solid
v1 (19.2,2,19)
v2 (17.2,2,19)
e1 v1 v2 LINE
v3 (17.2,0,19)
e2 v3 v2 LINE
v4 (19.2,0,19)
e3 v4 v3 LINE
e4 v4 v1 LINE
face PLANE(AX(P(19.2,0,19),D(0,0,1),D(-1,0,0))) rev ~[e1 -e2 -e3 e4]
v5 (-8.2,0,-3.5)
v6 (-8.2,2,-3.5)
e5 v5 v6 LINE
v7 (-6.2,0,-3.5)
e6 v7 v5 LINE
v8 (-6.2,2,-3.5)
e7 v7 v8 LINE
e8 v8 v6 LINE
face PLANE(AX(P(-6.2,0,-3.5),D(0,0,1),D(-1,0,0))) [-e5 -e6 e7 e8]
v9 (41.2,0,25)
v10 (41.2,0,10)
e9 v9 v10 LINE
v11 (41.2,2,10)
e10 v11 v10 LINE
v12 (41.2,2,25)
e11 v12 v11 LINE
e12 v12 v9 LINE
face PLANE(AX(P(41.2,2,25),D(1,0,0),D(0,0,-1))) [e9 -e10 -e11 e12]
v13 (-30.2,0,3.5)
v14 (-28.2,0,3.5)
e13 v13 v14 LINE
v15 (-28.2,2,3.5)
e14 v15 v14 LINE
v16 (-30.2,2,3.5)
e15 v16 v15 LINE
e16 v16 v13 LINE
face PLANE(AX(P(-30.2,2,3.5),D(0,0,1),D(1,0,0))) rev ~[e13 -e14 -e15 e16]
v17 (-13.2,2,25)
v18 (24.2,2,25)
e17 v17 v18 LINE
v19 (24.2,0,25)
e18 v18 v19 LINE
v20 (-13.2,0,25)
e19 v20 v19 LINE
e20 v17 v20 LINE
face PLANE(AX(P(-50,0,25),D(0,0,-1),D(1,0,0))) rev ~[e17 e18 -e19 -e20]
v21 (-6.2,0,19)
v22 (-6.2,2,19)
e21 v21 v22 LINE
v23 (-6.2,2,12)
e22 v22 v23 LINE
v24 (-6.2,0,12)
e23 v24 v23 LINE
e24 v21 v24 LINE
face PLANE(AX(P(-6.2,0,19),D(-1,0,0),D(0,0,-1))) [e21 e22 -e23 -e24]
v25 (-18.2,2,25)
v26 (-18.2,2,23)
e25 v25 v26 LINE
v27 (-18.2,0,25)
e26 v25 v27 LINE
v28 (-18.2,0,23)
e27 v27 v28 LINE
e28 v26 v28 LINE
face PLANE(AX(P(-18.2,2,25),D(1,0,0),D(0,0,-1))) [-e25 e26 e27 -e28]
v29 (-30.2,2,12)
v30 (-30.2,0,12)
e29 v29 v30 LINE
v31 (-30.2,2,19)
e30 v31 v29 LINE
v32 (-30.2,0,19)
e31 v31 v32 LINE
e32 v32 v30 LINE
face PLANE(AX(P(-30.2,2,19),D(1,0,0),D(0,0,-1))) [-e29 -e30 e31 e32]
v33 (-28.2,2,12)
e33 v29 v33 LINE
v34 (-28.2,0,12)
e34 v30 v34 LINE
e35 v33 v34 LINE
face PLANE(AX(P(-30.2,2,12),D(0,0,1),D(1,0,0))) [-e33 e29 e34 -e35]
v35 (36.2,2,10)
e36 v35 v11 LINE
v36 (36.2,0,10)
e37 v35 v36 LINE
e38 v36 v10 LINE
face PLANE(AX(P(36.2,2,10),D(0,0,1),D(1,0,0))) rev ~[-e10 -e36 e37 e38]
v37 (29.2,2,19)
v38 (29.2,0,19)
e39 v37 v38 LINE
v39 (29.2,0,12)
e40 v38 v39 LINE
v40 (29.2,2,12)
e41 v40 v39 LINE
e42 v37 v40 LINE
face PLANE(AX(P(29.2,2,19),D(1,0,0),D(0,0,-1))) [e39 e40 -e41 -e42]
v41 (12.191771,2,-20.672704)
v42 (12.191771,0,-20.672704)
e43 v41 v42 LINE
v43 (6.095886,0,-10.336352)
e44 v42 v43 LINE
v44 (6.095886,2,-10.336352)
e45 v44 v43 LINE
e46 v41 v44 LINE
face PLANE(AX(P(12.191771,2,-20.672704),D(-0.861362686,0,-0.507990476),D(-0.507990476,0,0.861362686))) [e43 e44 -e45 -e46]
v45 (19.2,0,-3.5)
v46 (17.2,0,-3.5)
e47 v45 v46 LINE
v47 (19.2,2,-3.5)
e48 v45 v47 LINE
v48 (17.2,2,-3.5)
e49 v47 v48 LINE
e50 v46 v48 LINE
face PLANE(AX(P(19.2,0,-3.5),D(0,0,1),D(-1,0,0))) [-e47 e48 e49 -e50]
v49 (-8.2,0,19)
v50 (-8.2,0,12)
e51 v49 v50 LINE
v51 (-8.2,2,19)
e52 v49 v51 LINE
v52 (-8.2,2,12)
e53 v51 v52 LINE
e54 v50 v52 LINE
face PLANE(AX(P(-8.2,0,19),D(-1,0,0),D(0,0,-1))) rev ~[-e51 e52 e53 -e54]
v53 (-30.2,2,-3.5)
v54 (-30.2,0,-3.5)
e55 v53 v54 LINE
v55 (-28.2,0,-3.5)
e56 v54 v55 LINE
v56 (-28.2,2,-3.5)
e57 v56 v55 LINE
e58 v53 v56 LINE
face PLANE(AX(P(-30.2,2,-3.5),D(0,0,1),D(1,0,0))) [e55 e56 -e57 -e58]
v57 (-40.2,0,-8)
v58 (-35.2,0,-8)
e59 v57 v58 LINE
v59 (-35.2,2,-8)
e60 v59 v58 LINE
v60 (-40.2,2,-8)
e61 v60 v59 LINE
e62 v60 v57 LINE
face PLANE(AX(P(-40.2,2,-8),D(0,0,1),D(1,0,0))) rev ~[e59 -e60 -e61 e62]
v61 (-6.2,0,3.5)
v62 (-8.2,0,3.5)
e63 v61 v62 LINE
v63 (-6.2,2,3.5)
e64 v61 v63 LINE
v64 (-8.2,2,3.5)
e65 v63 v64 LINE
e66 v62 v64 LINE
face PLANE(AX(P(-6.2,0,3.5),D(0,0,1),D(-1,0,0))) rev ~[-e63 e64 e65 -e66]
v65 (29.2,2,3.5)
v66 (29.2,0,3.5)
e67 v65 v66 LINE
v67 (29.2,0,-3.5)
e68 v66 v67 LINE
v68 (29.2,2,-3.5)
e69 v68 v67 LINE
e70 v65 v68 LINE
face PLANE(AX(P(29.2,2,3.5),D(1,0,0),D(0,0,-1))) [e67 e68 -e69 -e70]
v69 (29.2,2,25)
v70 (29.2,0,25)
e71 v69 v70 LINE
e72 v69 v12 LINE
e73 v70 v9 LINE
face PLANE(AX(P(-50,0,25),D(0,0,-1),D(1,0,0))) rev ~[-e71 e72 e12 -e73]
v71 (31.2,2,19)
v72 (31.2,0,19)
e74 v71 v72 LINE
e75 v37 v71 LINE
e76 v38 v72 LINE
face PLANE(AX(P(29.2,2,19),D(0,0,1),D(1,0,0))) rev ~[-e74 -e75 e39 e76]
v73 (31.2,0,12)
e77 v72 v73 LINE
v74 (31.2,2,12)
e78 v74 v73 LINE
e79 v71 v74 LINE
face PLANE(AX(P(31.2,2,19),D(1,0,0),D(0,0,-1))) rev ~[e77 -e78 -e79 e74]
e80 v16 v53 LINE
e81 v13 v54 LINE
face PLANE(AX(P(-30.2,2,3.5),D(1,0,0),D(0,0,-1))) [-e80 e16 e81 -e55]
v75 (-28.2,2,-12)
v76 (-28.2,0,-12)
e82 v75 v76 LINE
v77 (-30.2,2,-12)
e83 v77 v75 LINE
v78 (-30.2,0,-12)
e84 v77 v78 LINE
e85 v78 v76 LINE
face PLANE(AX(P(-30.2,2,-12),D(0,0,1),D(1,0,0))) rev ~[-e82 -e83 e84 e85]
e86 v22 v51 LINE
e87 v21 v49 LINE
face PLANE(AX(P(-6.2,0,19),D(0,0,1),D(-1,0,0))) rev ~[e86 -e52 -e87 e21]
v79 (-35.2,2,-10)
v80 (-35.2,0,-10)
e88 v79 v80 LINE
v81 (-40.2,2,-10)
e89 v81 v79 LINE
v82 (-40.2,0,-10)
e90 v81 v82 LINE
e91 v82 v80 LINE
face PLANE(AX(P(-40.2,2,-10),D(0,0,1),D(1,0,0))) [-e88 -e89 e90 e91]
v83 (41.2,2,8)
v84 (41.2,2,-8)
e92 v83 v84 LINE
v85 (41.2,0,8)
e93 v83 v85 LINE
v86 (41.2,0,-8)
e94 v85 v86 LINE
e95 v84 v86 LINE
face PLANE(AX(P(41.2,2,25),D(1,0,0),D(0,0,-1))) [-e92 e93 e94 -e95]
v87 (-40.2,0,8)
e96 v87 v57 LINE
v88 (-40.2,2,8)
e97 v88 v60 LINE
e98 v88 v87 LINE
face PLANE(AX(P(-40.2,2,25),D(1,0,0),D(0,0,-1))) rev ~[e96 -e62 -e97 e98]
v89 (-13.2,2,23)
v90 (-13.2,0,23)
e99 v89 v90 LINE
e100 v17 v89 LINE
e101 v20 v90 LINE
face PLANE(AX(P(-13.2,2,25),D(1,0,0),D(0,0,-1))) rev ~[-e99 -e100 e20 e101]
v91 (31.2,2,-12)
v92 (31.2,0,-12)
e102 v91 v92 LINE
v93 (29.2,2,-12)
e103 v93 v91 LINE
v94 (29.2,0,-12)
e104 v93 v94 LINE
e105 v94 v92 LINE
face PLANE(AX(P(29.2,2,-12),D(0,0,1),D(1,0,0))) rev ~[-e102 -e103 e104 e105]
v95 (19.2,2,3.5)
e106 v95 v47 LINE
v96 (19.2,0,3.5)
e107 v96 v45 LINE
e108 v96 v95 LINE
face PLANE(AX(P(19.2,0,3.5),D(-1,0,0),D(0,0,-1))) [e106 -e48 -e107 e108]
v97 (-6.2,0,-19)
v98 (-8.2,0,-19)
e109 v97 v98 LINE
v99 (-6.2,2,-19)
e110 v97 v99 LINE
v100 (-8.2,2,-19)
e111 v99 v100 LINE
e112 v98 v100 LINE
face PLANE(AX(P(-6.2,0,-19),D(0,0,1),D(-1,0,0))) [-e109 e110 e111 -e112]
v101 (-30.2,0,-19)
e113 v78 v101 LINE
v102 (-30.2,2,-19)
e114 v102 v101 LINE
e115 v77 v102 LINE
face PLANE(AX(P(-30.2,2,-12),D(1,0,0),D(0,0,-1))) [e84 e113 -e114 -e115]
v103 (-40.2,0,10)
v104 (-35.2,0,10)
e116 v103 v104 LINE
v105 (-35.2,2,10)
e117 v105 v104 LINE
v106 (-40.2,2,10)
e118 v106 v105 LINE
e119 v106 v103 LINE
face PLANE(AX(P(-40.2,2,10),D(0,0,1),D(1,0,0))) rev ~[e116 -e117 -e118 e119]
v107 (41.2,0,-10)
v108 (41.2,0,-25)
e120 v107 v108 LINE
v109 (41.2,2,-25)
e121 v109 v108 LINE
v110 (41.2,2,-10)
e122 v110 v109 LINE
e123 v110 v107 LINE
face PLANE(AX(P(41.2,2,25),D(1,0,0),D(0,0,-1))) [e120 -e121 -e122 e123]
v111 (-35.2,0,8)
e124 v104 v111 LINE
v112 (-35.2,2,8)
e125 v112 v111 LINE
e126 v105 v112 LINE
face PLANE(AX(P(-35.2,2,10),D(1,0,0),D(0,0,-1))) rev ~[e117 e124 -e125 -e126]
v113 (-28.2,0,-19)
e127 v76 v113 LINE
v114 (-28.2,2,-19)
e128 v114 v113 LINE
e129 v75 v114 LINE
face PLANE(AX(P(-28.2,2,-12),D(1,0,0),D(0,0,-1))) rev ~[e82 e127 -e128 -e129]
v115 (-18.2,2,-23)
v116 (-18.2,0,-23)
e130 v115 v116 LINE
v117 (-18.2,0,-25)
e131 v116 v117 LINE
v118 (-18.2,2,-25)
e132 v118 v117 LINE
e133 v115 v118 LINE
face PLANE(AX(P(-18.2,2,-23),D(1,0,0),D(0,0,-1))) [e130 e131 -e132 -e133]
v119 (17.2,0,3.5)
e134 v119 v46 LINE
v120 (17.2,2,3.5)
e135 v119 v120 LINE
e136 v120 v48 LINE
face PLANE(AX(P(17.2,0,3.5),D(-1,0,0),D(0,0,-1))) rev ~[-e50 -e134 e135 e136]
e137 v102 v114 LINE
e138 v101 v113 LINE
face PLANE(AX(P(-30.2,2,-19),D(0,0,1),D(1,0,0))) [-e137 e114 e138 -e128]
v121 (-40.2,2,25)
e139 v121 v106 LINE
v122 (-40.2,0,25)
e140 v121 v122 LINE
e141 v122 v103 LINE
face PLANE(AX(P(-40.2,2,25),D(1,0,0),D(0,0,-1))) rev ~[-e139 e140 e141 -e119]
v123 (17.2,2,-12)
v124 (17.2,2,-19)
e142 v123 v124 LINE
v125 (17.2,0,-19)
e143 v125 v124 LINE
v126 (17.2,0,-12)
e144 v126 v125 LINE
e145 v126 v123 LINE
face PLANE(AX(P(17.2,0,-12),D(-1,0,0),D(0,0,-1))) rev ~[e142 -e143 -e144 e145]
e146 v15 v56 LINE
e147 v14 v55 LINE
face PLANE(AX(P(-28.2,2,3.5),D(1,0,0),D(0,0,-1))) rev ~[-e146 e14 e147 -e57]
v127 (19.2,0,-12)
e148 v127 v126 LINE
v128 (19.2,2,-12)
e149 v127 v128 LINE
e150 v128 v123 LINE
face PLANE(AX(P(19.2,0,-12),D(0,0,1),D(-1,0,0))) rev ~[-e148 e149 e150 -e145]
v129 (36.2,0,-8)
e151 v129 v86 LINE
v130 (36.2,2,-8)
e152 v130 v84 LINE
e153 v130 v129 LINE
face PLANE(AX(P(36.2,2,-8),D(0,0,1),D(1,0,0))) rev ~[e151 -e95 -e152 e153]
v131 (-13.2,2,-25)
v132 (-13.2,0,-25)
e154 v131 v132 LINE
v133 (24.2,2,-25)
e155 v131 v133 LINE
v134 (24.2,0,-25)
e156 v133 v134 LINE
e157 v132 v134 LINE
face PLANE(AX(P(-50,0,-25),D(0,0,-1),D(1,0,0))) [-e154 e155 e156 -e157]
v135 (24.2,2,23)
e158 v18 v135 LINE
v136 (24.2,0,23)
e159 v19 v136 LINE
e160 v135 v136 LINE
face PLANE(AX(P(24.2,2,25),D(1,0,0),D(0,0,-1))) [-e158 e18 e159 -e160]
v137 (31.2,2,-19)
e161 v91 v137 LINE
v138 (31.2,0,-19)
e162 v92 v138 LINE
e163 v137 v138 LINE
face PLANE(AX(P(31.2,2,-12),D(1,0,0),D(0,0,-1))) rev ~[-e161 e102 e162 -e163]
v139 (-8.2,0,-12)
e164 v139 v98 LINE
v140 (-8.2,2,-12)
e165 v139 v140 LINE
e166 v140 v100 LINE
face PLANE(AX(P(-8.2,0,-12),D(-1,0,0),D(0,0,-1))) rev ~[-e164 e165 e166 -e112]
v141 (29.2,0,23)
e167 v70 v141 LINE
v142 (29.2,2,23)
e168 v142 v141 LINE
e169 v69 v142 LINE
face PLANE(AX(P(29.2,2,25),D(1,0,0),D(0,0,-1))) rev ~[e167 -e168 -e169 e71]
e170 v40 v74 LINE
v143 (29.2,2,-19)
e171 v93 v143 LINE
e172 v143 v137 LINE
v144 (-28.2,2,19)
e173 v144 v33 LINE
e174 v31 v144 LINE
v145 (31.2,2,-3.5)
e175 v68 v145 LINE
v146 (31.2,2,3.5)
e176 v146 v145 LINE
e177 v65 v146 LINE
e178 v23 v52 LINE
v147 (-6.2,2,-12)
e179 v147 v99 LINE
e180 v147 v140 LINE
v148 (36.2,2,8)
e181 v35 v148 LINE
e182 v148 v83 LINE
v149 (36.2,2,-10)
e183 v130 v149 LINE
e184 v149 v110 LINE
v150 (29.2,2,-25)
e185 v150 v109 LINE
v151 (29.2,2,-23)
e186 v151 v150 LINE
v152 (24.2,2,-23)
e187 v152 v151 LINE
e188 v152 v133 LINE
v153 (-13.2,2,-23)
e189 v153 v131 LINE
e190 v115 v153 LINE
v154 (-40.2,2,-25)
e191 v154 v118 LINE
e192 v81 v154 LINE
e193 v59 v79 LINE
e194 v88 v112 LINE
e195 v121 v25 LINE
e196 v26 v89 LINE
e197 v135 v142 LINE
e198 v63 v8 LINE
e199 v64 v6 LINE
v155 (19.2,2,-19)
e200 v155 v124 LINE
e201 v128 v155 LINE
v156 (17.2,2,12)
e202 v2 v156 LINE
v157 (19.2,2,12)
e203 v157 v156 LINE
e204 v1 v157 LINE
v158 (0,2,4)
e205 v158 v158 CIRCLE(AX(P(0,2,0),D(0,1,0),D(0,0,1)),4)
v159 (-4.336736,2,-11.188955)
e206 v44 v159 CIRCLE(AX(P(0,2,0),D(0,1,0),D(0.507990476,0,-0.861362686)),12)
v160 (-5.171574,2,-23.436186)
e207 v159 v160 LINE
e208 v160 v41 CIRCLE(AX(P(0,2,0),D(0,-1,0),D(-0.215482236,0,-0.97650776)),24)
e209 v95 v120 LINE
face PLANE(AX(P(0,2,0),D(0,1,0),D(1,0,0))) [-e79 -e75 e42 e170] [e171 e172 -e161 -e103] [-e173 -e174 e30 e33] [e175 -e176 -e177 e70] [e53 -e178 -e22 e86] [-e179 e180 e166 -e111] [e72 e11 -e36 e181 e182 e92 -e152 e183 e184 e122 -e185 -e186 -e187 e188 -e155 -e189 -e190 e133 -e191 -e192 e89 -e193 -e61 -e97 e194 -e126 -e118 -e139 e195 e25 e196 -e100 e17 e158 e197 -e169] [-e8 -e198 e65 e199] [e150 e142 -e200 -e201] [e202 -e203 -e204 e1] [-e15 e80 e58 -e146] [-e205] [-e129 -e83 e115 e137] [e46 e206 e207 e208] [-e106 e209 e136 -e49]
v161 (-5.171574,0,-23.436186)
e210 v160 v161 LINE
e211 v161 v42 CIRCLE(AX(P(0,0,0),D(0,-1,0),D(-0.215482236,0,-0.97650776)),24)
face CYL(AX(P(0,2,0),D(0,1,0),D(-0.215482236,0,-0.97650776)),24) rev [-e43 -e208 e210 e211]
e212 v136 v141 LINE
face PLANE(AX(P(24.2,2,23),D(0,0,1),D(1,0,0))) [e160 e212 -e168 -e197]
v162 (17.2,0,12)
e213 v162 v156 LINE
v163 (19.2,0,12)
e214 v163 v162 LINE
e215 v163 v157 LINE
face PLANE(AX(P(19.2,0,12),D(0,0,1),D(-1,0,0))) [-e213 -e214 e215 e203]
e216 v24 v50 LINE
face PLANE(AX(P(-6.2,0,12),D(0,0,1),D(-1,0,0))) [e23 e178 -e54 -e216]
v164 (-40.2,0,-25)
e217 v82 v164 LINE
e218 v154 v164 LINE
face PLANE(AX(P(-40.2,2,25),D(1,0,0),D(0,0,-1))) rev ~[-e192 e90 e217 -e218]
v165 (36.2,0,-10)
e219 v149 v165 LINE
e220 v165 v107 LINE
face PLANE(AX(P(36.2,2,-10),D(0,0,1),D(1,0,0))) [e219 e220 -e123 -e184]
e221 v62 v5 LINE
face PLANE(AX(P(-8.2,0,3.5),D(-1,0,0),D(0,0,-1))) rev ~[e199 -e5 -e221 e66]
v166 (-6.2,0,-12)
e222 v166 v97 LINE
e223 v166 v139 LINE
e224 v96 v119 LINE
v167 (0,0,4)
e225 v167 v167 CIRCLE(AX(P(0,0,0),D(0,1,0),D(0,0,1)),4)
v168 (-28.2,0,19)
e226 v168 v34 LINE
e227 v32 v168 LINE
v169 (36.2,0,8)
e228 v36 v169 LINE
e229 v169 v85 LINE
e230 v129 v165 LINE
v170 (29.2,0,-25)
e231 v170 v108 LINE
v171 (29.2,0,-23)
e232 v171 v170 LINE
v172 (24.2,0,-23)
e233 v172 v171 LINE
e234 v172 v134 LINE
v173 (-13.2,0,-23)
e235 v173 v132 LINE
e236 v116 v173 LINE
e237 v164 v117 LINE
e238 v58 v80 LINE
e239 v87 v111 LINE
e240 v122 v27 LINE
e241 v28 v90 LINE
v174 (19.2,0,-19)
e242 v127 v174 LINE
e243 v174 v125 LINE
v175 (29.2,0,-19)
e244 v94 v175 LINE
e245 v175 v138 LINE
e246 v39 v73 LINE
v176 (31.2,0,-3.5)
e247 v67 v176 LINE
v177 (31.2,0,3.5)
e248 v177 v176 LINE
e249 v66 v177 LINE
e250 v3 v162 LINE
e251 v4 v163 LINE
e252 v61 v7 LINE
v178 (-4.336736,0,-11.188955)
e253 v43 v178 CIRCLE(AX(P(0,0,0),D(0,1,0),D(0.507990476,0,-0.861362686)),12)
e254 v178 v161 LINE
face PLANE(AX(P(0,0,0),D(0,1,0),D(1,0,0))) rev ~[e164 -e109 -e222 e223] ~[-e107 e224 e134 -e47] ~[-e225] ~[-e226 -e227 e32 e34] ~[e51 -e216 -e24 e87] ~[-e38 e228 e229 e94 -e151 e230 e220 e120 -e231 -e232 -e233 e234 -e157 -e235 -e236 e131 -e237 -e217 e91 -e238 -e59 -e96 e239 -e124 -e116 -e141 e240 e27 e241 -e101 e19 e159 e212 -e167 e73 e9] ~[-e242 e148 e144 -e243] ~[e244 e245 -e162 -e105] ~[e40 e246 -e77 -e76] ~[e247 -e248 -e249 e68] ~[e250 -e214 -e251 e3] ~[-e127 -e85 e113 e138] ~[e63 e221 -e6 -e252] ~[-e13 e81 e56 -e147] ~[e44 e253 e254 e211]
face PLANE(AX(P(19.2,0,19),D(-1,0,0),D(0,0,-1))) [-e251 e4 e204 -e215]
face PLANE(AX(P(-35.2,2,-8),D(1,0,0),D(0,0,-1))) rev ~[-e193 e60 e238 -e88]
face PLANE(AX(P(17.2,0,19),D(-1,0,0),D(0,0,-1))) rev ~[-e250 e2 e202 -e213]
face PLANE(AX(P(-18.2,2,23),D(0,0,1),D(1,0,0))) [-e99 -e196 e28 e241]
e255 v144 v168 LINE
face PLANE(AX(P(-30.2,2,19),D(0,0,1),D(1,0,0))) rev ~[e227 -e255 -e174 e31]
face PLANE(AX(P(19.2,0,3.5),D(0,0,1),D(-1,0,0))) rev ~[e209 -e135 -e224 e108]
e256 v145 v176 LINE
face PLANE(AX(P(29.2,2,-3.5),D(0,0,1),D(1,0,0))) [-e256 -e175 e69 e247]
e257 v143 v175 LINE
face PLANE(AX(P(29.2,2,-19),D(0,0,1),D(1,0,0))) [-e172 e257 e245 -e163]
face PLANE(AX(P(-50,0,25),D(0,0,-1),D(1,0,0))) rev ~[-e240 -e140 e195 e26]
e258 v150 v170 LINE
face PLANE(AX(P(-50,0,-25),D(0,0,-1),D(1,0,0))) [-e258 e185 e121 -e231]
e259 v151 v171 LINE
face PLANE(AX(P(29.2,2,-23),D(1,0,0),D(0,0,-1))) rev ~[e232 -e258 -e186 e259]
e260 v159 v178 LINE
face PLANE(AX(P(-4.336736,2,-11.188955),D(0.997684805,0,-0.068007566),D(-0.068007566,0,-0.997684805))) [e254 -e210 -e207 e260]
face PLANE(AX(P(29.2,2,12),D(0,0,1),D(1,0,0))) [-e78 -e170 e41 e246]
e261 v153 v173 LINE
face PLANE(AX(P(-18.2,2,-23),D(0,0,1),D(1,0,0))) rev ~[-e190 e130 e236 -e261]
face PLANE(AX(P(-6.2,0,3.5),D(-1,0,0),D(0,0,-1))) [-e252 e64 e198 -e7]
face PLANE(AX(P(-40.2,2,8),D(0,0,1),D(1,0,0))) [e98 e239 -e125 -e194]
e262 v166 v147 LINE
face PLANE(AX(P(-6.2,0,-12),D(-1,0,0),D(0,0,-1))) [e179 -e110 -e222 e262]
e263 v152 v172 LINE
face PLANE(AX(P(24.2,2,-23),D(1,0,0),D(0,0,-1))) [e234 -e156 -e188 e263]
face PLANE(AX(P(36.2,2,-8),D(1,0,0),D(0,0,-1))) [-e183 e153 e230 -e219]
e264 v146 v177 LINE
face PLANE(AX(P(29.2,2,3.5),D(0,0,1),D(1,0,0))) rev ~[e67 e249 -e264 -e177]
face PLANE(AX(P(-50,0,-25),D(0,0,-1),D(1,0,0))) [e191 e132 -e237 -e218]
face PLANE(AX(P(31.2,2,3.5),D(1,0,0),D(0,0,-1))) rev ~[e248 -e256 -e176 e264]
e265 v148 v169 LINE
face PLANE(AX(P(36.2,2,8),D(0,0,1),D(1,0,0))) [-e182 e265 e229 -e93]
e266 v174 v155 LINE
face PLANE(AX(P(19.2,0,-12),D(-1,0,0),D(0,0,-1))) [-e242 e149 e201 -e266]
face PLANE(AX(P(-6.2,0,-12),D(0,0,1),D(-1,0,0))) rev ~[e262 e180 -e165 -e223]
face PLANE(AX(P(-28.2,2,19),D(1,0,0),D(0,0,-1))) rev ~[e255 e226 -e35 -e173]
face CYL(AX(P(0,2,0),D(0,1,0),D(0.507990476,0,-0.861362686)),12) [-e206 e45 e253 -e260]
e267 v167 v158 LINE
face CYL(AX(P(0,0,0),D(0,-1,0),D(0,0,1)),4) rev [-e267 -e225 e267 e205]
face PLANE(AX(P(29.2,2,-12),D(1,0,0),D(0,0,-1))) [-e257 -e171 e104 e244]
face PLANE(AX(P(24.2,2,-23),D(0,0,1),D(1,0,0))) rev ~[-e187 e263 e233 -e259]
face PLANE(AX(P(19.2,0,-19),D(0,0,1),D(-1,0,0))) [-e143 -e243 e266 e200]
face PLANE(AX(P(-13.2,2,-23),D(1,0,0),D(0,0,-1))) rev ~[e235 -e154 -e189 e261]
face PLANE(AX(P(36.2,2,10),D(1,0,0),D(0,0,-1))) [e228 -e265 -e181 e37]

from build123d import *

# Parameters (mm, degrees)
SKETCH2_W           = 100
SKETCH2_H           = 50
SKETCH2_R           = 4
BOSS_EXTRUDE1_DEPTH = 2
SKETCH5_W           = 2
SKETCH5_H           = 7
CUT_EXTRUDE3_DEPTH  = 2
CUT_EXTRUDE6_DEPTH  = 2
SKETCH11_W          = 5
SKETCH11_H          = 2
CUT_EXTRUDE7_DEPTH  = 2
SKETCH12_W          = 9.8
SKETCH12_H          = 50
SKETCH12_W_2        = 8.8
CUT_EXTRUDE8_DEPTH  = 6
SKETCH13_W          = 2
SKETCH13_H          = 7
SKETCH13_W_2        = 5
SKETCH13_H_2        = 2
CUT_EXTRUDE10_DEPTH = 6


with BuildPart() as part:
    # Sketch2 → Boss-Extrude1 (new body)
    with BuildSketch(Plane(origin=(0, 0, 0), x_dir=(1, 0, 0), z_dir=(0, 1, 0))):
        Rectangle(SKETCH2_W, SKETCH2_H)
        with Locations(Location((0, 0, 0), (0, 0, 270))):
            Circle(SKETCH2_R, mode=Mode.SUBTRACT)
    extrude(amount=BOSS_EXTRUDE1_DEPTH)

    # Sketch5 → Cut-Extrude3 (cut)
    with BuildSketch(Plane(origin=(0, 0, 0), x_dir=(-1, 0, 0), z_dir=(0, -1, 0))):
        with Locations((-18.2, -15.5)):
            Rectangle(SKETCH5_W, SKETCH5_H)
        with Locations((-18.2, 0)):
            Rectangle(SKETCH5_W, SKETCH5_H)
        with Locations((-18.2, 15.5)):
            Rectangle(SKETCH5_W, SKETCH5_H)
        with Locations((7.2, 15.5)):
            Rectangle(SKETCH5_W, SKETCH5_H)
        with Locations((7.2, 0)):
            Rectangle(SKETCH5_W, SKETCH5_H)
        with Locations((7.2, -15.5)):
            Rectangle(SKETCH5_W, SKETCH5_H)
    extrude(amount=-CUT_EXTRUDE3_DEPTH, mode=Mode.SUBTRACT)

    # Sketch10 → Cut-Extrude6 (cut)
    with BuildSketch(Plane(origin=(0, 2, 0), x_dir=(1, 0, 0), z_dir=(0, 1, 0))):
        with BuildLine():
            ThreePointArc((-5.171573663, 23.436186248), (3.772267489, 23.701687661), (12.191771414, 20.672704462))
            Line((12.191771414, 20.672704462), (6.095885707, 10.336352231))
            ThreePointArc((6.095885707, 10.336352231), (0.977437683, 11.960126069), (-4.336736478, 11.188955122))
            Line((-4.336736478, 11.188955122), (-5.171573663, 23.436186248))
        make_face()
    extrude(amount=-CUT_EXTRUDE6_DEPTH, mode=Mode.SUBTRACT)

    # Sketch11 → Cut-Extrude7 (cut)
    with BuildSketch(Plane(origin=(0, 2, 0), x_dir=(1, 0, 0), z_dir=(0, 1, 0))):
        with Locations((-15.7, -24)):
            Rectangle(SKETCH11_W, SKETCH11_H)
        with Locations((26.7, -24)):
            Rectangle(SKETCH11_W, SKETCH11_H)
        with Locations((26.7, 24)):
            Rectangle(SKETCH11_W, SKETCH11_H)
        with Locations((-15.7, 24)):
            Rectangle(SKETCH11_W, SKETCH11_H)
    extrude(amount=-CUT_EXTRUDE7_DEPTH, mode=Mode.SUBTRACT)

    # Sketch12 → Cut-Extrude8 (cut)
    with BuildSketch(Plane(origin=(0, 2, 0), x_dir=(1, 0, 0), z_dir=(0, 1, 0))):
        with Locations((-45.1, 0)):
            Rectangle(SKETCH12_W, SKETCH12_H)
        with Locations((45.6, 0)):
            Rectangle(SKETCH12_W_2, SKETCH12_H)
    extrude(amount=-CUT_EXTRUDE8_DEPTH, mode=Mode.SUBTRACT)

    # Sketch13 → Cut-Extrude10 (cut)
    with BuildSketch(Plane(origin=(0, 2, 0), x_dir=(1, 0, 0), z_dir=(0, 1, 0))):
        with Locations((-29.2, 15.5)):
            Rectangle(SKETCH13_W, SKETCH13_H)
        with Locations((-29.2, 0)):
            Rectangle(SKETCH13_W, SKETCH13_H)
        with Locations((-29.2, -15.5)):
            Rectangle(SKETCH13_W, SKETCH13_H)
        with Locations((30.2, 15.5)):
            Rectangle(SKETCH13_W, SKETCH13_H)
        with Locations((30.2, 0)):
            Rectangle(SKETCH13_W, SKETCH13_H)
        with Locations((30.2, -15.5)):
            Rectangle(SKETCH13_W, SKETCH13_H)
        with Locations((-37.7, 9)):
            Rectangle(SKETCH13_W_2, SKETCH13_H_2)
        with Locations((-37.7, -9)):
            Rectangle(SKETCH13_W_2, SKETCH13_H_2)
        with Locations((38.7, 9)):
            Rectangle(SKETCH13_W_2, SKETCH13_H_2)
        with Locations((38.7, -9)):
            Rectangle(SKETCH13_W_2, SKETCH13_H_2)
    extrude(amount=-CUT_EXTRUDE10_DEPTH, mode=Mode.SUBTRACT)


solid = part.part
